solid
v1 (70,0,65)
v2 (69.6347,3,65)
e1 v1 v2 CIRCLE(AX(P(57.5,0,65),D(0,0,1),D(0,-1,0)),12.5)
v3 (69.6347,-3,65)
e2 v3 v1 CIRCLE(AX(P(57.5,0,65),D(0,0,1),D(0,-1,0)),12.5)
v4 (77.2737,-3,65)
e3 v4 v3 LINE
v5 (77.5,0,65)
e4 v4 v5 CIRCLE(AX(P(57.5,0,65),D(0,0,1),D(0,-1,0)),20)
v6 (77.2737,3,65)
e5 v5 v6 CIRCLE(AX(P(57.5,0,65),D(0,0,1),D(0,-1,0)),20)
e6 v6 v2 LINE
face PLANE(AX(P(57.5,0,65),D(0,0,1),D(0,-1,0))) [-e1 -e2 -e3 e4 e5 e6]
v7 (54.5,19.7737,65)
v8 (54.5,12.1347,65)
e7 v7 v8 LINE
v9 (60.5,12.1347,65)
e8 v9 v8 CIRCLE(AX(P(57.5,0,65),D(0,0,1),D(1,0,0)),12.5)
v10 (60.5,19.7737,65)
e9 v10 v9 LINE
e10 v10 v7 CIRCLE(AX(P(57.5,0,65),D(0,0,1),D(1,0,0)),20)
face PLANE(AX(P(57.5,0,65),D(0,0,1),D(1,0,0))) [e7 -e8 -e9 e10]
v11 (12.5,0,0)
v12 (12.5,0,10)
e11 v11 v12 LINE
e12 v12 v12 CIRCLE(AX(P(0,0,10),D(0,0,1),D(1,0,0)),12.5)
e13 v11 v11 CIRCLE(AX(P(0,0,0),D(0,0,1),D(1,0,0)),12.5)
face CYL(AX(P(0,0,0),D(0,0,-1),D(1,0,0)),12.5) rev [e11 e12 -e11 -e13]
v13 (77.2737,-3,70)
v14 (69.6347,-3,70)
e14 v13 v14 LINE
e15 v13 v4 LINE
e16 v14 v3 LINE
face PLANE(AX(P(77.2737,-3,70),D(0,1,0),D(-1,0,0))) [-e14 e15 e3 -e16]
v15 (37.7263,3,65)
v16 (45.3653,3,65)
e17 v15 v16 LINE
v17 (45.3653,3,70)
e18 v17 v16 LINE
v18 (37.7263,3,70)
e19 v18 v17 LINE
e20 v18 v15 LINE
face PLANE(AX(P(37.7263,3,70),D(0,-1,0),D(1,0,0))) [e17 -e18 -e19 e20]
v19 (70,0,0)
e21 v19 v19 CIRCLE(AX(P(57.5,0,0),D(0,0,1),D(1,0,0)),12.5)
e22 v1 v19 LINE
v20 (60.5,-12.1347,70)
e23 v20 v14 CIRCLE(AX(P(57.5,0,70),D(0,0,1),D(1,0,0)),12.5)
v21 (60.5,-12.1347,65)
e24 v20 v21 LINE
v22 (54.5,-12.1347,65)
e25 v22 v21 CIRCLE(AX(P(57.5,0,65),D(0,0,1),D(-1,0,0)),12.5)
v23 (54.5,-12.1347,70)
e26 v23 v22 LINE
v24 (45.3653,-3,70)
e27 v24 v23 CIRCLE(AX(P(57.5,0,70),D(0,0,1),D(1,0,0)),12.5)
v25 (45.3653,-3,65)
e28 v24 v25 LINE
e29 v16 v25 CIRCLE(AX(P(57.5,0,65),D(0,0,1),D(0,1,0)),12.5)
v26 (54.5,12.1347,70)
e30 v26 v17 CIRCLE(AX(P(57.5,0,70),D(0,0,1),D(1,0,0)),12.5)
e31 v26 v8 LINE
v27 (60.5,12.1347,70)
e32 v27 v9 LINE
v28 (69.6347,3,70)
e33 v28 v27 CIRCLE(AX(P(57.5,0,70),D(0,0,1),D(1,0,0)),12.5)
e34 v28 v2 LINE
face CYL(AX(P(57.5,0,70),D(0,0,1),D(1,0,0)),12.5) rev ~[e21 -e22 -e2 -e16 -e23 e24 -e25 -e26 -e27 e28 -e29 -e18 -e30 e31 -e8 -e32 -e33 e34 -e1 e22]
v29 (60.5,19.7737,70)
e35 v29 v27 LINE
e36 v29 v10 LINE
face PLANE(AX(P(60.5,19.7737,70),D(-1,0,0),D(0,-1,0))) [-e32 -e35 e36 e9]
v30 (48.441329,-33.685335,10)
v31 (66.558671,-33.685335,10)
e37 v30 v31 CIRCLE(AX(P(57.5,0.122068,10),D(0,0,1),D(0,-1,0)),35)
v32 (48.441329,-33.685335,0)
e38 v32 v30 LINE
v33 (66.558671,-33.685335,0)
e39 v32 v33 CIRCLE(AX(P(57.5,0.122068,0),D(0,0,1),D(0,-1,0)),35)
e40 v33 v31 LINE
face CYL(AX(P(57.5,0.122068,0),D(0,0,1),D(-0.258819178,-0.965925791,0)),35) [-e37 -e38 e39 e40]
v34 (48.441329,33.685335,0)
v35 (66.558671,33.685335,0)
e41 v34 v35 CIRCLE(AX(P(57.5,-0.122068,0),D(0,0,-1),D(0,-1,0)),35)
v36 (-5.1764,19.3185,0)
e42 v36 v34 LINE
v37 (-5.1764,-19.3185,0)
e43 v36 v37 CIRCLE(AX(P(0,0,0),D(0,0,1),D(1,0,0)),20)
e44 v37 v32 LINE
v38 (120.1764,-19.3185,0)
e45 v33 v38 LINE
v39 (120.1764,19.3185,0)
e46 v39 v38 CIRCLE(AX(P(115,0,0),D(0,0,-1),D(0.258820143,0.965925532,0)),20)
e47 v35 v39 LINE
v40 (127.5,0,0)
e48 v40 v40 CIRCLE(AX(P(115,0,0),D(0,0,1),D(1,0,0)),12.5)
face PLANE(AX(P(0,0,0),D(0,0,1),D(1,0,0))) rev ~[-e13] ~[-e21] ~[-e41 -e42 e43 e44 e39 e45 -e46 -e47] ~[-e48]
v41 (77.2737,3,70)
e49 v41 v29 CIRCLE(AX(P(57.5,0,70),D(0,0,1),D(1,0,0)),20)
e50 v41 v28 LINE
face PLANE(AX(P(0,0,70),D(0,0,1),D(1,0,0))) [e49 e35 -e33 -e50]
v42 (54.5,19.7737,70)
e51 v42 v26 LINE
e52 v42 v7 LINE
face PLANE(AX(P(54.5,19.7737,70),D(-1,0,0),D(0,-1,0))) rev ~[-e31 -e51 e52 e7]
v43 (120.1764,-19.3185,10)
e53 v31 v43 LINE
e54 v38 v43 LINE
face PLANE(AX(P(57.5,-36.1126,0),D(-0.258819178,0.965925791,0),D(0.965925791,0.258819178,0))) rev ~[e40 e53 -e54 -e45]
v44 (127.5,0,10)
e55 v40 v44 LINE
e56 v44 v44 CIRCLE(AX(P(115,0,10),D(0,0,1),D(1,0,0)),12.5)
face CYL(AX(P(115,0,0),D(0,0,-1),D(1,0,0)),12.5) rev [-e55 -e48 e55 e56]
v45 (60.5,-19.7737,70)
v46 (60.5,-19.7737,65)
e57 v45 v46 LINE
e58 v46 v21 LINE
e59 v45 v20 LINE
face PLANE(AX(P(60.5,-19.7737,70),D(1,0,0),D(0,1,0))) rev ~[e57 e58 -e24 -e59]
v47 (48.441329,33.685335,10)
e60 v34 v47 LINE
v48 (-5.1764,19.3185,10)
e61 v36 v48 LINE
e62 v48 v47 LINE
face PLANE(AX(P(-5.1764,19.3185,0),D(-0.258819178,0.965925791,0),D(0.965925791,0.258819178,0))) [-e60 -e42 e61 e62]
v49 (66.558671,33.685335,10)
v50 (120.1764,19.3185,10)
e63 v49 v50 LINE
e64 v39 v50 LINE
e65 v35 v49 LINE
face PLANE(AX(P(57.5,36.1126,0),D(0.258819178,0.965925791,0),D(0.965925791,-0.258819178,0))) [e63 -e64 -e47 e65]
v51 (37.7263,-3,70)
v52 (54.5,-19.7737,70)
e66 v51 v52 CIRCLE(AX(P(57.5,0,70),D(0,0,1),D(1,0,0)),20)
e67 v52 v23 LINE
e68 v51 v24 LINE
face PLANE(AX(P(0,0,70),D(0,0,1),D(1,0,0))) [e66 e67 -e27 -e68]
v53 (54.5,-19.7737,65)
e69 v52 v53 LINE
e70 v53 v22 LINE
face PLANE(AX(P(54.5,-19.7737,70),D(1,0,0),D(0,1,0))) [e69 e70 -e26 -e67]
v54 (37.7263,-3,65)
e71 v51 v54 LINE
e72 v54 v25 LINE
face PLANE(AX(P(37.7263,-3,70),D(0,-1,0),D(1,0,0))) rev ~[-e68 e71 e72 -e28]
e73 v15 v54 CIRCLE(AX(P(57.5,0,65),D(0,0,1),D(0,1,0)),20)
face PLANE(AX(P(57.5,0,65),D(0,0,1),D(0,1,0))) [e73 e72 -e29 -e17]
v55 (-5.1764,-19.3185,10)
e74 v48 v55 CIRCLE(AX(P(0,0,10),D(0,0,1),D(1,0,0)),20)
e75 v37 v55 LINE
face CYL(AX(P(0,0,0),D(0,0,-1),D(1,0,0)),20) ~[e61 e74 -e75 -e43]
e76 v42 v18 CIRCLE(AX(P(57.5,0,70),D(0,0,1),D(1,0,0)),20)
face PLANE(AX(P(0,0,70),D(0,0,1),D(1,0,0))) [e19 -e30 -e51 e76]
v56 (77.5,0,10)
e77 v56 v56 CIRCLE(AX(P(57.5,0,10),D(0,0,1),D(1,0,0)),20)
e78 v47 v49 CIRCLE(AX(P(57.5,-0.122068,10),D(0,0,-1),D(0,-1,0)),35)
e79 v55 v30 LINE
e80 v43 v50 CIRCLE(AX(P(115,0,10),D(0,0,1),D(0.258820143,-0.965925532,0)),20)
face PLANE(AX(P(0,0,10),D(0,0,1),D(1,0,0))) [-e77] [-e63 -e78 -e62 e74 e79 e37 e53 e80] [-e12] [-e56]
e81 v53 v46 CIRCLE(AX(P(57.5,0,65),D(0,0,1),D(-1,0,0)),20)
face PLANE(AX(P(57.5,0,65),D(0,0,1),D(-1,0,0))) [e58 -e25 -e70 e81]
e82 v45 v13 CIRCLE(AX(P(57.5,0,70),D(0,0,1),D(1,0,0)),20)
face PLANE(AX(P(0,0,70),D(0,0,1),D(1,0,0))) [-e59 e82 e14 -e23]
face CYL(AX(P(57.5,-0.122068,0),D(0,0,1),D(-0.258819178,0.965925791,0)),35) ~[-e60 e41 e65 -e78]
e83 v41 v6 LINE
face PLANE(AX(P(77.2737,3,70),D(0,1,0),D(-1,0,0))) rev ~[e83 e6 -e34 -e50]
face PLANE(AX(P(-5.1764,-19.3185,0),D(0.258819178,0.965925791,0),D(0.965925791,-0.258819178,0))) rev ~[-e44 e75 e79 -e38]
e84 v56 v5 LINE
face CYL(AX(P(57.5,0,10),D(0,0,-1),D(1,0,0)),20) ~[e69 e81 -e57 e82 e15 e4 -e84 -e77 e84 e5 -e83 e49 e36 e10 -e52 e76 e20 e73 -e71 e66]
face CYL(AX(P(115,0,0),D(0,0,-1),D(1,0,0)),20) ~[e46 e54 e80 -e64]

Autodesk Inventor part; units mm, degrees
ref_plane "YZ Plane" through (0, 0, 0) normal (1, 0, 0) x (0, 1, 0)
ref_plane "XZ Plane" through (0, 0, 0) normal (0, 1, 0) x (-1, 0, 0)
ref_plane "XY Plane" through (0, 0, 0) normal (0, 0, 1) x (1, 0, 0)
sketch "Skizze1" plane through (0, 0, 0) normal (0, 0, 1) x (1, 0, 0)
  circle A0 centre (0, 0) radius 20
  line L0 (-5.1764, 19.3185) -> (57.5, 36.1126)
  line L1 (-5.1764, -19.3185) -> (57.5, -36.1126)
  circle A1 centre (115, 0) radius 20
  line L2 (57.5, 36.1126) -> (120.1764, 19.3185)
  line L3 (57.5, -36.1126) -> (120.1764, -19.3185)
  circle A2 centre (115, 0) radius 12.5
  circle A3 centre (0, 0) radius 12.5
  dimension "d4" = 40
  dimension "d5" = 25
  dimension "d6" = 25
  dimension "d7" = 115
  dimension "d8" = 57.5
  dimension "d9" = 30
  dimension "d10" = 30
extrude "Extrusion1" add sketch "Skizze1" along normal blind 10
sketch "Skizze2" plane through (0, 0, 10) normal (0, 0, 1) x (1, 0, 0)
  circle A0 centre (57.5, 0) radius 20
  point P0 (0, 0)
  point P1 (57.5, 36.1126)
  dimension "d13" = 40
extrude "Extrusion2" add sketch "Skizze2" along normal blind 60
sketch "Skizze3" plane through (57.5, 0, 70) normal (0, 0, 1) x (1, 0, 0)
  circle A0 centre (0, 0) radius 20 projected
  line L0 (0, 0) -> (0, 5.5377) construction
  circle A1 centre (0, 0) radius 12.5
  point P0 (-57.5, 0)
  dimension "d17" = 25
extrude "Extrusion3" cut sketch "Skizze3" against normal up to surface (70 mm away) contours A1
sketch "Skizze4" plane through (57.5, 0, 70) normal (0, 0, 1) x (1, 0, 0)
  circle A0 centre (0, 0) radius 12.5 projected
  circle A1 centre (0, 0) radius 20 projected
  line L0 (-3, 19.7737) -> (-3, 12.1347)
  line L1 (3, 19.7737) -> (3, 12.1347)
  line L2 (0, 0) -> (0, 16.2882) construction
  circle A2 centre (0, 0) radius 20 projected
  point P0 (-57.5, 0)
  point P1 (3, 19.7737)
  dimension "d20" = 6
extrude "Extrusion4" cut sketch "Skizze4" against normal blind 5 contours A0 L0 A1 L1 picked at (-2.3362, 14.7892)
pattern_circular "Runde Anordnung1" count 4 over 360 about axis through (57.5, 0, 10) along (0, 0, 1) of "Extrusion4"
fillet "Rundung1" radius 35 2 edges at (57.5, 36.1126, 5) (57.5, -36.1126, 5)
equation "\"d6\" = d5"
properties part number "lager_" material "Stahl, galvanisiert"
